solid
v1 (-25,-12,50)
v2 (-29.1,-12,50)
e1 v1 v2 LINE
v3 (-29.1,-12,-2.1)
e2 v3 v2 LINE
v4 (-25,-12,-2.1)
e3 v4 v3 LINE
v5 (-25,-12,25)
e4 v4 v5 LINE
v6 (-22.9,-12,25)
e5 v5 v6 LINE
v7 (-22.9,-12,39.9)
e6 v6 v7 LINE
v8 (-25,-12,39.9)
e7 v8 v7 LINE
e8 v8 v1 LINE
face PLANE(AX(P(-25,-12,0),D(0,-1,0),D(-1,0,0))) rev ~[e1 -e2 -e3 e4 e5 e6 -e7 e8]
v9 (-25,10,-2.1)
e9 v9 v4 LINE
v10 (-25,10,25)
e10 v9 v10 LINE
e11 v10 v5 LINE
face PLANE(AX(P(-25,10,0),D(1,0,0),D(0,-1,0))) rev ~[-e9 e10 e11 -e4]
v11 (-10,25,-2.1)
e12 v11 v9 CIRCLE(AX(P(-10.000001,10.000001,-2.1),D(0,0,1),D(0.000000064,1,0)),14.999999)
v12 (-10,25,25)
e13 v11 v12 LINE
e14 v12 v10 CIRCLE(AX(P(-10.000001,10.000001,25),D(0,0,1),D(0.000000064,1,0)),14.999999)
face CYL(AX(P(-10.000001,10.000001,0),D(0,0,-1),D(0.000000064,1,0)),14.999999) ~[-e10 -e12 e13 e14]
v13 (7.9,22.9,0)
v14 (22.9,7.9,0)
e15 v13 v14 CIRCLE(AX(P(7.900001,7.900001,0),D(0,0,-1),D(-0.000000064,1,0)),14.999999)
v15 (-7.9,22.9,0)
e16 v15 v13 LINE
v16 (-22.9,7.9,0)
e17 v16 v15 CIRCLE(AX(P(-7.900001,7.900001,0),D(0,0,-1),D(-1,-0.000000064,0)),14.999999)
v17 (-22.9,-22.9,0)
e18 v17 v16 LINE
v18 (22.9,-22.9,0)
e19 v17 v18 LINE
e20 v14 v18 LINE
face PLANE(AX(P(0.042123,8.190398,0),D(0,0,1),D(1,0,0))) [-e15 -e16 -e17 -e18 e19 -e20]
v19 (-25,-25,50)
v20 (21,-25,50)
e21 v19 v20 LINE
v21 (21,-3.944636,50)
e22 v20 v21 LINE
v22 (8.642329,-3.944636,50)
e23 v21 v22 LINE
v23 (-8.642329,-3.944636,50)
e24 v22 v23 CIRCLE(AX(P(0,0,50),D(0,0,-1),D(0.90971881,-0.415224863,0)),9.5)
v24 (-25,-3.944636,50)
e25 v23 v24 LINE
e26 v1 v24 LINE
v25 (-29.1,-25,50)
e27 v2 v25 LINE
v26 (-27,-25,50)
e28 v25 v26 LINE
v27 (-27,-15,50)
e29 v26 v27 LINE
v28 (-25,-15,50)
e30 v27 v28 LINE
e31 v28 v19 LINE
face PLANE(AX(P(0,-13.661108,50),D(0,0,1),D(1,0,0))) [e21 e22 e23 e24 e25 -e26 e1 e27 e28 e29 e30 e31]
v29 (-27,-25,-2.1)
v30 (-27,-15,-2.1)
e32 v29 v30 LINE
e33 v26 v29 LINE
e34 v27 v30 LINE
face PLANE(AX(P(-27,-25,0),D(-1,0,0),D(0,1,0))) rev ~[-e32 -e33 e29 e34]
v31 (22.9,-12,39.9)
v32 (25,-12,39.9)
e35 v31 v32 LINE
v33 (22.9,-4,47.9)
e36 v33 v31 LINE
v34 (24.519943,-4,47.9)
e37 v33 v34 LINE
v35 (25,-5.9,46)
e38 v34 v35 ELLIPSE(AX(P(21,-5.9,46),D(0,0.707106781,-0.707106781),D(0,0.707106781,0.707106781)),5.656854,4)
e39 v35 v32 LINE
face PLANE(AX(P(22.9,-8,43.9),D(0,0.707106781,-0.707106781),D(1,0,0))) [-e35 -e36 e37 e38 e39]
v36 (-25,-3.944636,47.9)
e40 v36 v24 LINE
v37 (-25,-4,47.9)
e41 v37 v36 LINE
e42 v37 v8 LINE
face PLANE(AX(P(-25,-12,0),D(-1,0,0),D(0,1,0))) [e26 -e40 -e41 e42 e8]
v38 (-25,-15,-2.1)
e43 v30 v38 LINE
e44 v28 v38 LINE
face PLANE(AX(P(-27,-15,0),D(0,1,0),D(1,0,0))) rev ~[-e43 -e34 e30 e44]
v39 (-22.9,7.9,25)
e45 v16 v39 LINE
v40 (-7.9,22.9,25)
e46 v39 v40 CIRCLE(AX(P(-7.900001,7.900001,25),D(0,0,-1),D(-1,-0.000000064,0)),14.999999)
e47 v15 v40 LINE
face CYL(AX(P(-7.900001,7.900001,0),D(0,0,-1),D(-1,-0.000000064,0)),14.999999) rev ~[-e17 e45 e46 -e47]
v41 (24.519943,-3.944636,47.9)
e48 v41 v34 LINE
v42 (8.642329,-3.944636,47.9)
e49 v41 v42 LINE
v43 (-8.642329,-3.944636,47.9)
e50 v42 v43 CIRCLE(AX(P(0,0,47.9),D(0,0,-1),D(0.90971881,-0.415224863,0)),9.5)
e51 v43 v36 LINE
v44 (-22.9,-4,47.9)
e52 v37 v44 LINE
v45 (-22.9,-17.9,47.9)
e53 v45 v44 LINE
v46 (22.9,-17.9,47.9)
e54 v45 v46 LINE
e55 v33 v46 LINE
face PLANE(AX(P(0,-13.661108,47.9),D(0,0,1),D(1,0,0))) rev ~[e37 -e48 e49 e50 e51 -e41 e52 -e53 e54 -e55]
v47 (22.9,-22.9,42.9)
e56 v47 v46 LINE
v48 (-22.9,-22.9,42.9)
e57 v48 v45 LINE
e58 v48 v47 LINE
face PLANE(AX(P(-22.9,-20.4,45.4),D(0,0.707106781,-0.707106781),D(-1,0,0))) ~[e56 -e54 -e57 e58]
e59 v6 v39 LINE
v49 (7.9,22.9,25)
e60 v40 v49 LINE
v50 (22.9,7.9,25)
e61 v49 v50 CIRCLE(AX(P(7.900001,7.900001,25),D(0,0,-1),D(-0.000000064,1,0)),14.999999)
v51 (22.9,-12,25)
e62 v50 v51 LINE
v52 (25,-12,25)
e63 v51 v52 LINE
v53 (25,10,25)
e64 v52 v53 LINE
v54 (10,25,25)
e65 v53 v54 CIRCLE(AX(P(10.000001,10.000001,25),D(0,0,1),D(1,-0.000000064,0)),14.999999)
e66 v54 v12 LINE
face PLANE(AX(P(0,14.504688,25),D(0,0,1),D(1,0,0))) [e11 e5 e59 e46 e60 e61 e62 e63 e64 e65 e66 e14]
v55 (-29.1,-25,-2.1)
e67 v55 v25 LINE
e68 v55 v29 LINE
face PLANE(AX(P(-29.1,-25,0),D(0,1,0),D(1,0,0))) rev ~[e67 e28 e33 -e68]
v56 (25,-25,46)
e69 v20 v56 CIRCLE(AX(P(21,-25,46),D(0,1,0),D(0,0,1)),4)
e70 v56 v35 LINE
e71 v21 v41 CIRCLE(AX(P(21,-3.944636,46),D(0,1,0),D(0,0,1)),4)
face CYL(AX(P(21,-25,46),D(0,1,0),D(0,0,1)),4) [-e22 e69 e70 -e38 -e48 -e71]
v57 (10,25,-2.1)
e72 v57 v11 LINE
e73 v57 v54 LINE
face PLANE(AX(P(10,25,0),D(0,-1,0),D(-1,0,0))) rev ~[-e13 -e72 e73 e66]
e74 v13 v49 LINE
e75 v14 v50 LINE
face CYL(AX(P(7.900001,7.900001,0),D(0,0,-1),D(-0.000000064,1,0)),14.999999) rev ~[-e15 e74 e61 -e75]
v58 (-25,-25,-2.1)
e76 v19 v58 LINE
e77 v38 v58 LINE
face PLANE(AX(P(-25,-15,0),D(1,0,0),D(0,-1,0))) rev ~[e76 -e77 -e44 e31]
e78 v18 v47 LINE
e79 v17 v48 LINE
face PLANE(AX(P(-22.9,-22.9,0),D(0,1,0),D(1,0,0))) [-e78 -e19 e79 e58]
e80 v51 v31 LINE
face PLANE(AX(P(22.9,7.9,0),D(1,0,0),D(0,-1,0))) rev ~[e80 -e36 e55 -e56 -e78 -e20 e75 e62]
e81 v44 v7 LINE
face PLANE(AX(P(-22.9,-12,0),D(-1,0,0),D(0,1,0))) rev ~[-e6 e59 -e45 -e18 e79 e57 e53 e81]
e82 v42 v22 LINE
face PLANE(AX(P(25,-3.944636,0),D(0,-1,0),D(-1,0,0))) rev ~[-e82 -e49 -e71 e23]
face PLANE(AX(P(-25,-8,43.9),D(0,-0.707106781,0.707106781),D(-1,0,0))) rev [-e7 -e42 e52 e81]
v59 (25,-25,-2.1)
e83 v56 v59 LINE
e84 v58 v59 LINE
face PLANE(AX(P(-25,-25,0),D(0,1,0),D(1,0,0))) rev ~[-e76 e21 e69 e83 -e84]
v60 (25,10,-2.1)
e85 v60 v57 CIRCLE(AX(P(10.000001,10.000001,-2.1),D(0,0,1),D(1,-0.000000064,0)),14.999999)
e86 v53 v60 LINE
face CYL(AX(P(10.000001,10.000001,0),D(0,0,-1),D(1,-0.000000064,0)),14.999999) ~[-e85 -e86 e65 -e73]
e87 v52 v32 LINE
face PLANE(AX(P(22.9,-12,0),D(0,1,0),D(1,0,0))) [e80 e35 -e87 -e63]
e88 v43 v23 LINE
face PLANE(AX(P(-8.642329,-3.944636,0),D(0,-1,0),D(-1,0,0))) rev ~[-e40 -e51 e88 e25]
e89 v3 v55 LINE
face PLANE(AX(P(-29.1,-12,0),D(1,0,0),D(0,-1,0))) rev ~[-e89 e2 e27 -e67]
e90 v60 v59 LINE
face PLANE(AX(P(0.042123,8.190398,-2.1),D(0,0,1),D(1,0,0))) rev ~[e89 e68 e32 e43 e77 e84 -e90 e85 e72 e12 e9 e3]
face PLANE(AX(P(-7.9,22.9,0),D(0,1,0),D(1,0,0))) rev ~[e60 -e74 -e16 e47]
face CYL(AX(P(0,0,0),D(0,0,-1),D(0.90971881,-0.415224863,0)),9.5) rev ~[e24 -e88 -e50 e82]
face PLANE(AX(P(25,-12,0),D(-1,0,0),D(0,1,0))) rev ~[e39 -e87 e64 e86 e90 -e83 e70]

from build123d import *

# Parameters (mm, degrees)
F0_W          = 2.1
F0_H          = 8.055364
F0_H_2        = 10.9
F1_DEPTH      = 2.1
F2_DEPTH      = 50
F2_DEPTH_BACK = 2.1
F3_DEPTH      = 47.9
F4_SIZE       = 5
F5_DEPTH      = 25
F6_SIZE       = 8
F7_R          = 4


with BuildPart() as f1:
    # F0 (on Top) → F1 (new body)
    with BuildSketch(Plane.XY):
        with BuildLine():
            Line((8.642329, -3.944636), (22.9, -3.944636))
            Line((22.9, -3.944636), (22.9, 7.9))
            ThreePointArc((22.9, 7.9), (18.506602, 18.506602), (7.9, 22.9))
            Line((7.9, 22.9), (-7.9, 22.9))
            ThreePointArc((-7.9, 22.9), (-18.506602, 18.506602), (-22.9, 7.9))
            Line((-22.9, 7.9), (-22.9, -3.944636))
            Line((-22.9, -3.944636), (-8.642329, -3.944636))
            ThreePointArc((-8.642329, -3.944636), (-2.0184, 9.283106), (9.5, 0))
            ThreePointArc((9.5, 0), (9.283106, -2.0184), (8.642329, -3.944636))
        make_face()
        with BuildLine():
            Line((-22.9, -22.9), (22.9, -22.9))
            Line((22.9, -22.9), (22.9, -12))
            Line((22.9, -12), (22.9, -3.944636))
            Line((22.9, -3.944636), (8.642329, -3.944636))
            ThreePointArc((8.642329, -3.944636), (0, -9.5), (-8.642329, -3.944636))
            Line((-8.642329, -3.944636), (-22.9, -3.944636))
            Line((-22.9, -3.944636), (-22.9, -12))
            Line((-22.9, -12), (-22.9, -22.9))
        make_face()
        with BuildLine():
            ThreePointArc((-8.642329, -3.944636), (0, -9.5), (8.642329, -3.944636))
            Line((8.642329, -3.944636), (-8.642329, -3.944636))
        make_face()
        with BuildLine():
            Line((22.9, -3.944636), (25, -3.944636))
            Line((25, -3.944636), (25, 10))
            ThreePointArc((25, 10), (20.606602, 20.606602), (10, 25))
            Line((10, 25), (-10, 25))
            ThreePointArc((-10, 25), (-20.606602, 20.606602), (-25, 10))
            Line((-25, 10), (-25, -3.944636))
            Line((-25, -3.944636), (-22.9, -3.944636))
            Line((-22.9, -3.944636), (-22.9, 7.9))
            ThreePointArc((-22.9, 7.9), (-18.506602, 18.506602), (-7.9, 22.9))
            Line((-7.9, 22.9), (7.9, 22.9))
            ThreePointArc((7.9, 22.9), (18.506602, 18.506602), (22.9, 7.9))
            Line((22.9, 7.9), (22.9, -3.944636))
        make_face()
        with BuildLine():
            Line((-8.642329, -3.944636), (8.642329, -3.944636))
            ThreePointArc((8.642329, -3.944636), (9.283106, -2.0184), (9.5, 0))
            ThreePointArc((9.5, 0), (-2.0184, 9.283106), (-8.642329, -3.944636))
        make_face()
        Polygon((-25, -15), (-25, -22.9), (-22.9, -22.9), (-22.9, -12), (-25, -12), (-29.1, -12), (-29.1, -25), (-27, -25), (-27, -15), align=None)
        Polygon((-25, -25), (25, -25), (25, -22.9), (22.9, -22.9), (-22.9, -22.9), (-25, -22.9), align=None)
        with Locations((-23.95, -7.972318)):
            Rectangle(F0_W, F0_H)
        with Locations((23.95, -7.972318)):
            Rectangle(F0_W, F0_H)
        with Locations((23.95, -17.45)):
            Rectangle(F0_W, F0_H_2)
    extrude(amount=-F1_DEPTH)

    # F0 (on Top) → F2 (join, two sides)
    with BuildSketch(Plane.XY) as f2_sk:
        with BuildLine():
            Line((-22.9, -22.9), (22.9, -22.9))
            Line((22.9, -22.9), (22.9, -12))
            Line((22.9, -12), (22.9, -3.944636))
            Line((22.9, -3.944636), (8.642329, -3.944636))
            ThreePointArc((8.642329, -3.944636), (0, -9.5), (-8.642329, -3.944636))
            Line((-8.642329, -3.944636), (-22.9, -3.944636))
            Line((-22.9, -3.944636), (-22.9, -12))
            Line((-22.9, -12), (-22.9, -22.9))
        make_face()
        Polygon((-25, -15), (-25, -22.9), (-22.9, -22.9), (-22.9, -12), (-25, -12), (-29.1, -12), (-29.1, -25), (-27, -25), (-27, -15), align=None)
        Polygon((-25, -25), (25, -25), (25, -22.9), (22.9, -22.9), (-22.9, -22.9), (-25, -22.9), align=None)
        with Locations((23.95, -17.45)):
            Rectangle(F0_W, F0_H_2)
        with Locations((-23.95, -7.972318)):
            Rectangle(F0_W, F0_H)
        with Locations((23.95, -7.972318)):
            Rectangle(F0_W, F0_H)
    extrude(amount=F2_DEPTH)
    extrude(f2_sk.sketch, amount=-F2_DEPTH_BACK)

    # F0 (on Top) → F3 (cut)
    with BuildSketch(Plane.XY):
        with BuildLine():
            Line((-22.9, -22.9), (22.9, -22.9))
            Line((22.9, -22.9), (22.9, -12))
            Line((22.9, -12), (22.9, -3.944636))
            Line((22.9, -3.944636), (8.642329, -3.944636))
            ThreePointArc((8.642329, -3.944636), (0, -9.5), (-8.642329, -3.944636))
            Line((-8.642329, -3.944636), (-22.9, -3.944636))
            Line((-22.9, -3.944636), (-22.9, -12))
            Line((-22.9, -12), (-22.9, -22.9))
        make_face()
        with Locations((-23.95, -7.972318)):
            Rectangle(F0_W, F0_H)
        with Locations((23.95, -7.972318)):
            Rectangle(F0_W, F0_H)
    extrude(amount=F3_DEPTH, mode=Mode.SUBTRACT)

    # F4
    f4_edges = [f1.edges().sort_by_distance(p)[0] for p in [
        (0, -22.9, 47.9),
    ]]
    chamfer(f4_edges, length=F4_SIZE)

    # F0 (on Top) → F5 (join)
    with BuildSketch(Plane.XY):
        with BuildLine():
            Line((22.9, -3.944636), (25, -3.944636))
            Line((25, -3.944636), (25, 10))
            ThreePointArc((25, 10), (20.606602, 20.606602), (10, 25))
            Line((10, 25), (-10, 25))
            ThreePointArc((-10, 25), (-20.606602, 20.606602), (-25, 10))
            Line((-25, 10), (-25, -3.944636))
            Line((-25, -3.944636), (-22.9, -3.944636))
            Line((-22.9, -3.944636), (-22.9, 7.9))
            ThreePointArc((-22.9, 7.9), (-18.506602, 18.506602), (-7.9, 22.9))
            Line((-7.9, 22.9), (7.9, 22.9))
            ThreePointArc((7.9, 22.9), (18.506602, 18.506602), (22.9, 7.9))
            Line((22.9, 7.9), (22.9, -3.944636))
        make_face()
        with Locations((-23.95, -7.972318)):
            Rectangle(F0_W, F0_H)
        with Locations((23.95, -7.972318)):
            Rectangle(F0_W, F0_H)
    extrude(amount=F5_DEPTH)

    # F6
    f6_edges = [f1.edges().sort_by_distance(p)[0] for p in [
        (23.95, -12, 47.9),
        (-23.95, -12, 47.9),
    ]]
    chamfer(f6_edges, length=F6_SIZE)

    # F7
    f7_edges = [f1.edges().sort_by_distance(p)[0] for p in [
        (25, -14.472318, 50),
    ]]
    fillet(f7_edges, radius=F7_R)


solid = f1.part
